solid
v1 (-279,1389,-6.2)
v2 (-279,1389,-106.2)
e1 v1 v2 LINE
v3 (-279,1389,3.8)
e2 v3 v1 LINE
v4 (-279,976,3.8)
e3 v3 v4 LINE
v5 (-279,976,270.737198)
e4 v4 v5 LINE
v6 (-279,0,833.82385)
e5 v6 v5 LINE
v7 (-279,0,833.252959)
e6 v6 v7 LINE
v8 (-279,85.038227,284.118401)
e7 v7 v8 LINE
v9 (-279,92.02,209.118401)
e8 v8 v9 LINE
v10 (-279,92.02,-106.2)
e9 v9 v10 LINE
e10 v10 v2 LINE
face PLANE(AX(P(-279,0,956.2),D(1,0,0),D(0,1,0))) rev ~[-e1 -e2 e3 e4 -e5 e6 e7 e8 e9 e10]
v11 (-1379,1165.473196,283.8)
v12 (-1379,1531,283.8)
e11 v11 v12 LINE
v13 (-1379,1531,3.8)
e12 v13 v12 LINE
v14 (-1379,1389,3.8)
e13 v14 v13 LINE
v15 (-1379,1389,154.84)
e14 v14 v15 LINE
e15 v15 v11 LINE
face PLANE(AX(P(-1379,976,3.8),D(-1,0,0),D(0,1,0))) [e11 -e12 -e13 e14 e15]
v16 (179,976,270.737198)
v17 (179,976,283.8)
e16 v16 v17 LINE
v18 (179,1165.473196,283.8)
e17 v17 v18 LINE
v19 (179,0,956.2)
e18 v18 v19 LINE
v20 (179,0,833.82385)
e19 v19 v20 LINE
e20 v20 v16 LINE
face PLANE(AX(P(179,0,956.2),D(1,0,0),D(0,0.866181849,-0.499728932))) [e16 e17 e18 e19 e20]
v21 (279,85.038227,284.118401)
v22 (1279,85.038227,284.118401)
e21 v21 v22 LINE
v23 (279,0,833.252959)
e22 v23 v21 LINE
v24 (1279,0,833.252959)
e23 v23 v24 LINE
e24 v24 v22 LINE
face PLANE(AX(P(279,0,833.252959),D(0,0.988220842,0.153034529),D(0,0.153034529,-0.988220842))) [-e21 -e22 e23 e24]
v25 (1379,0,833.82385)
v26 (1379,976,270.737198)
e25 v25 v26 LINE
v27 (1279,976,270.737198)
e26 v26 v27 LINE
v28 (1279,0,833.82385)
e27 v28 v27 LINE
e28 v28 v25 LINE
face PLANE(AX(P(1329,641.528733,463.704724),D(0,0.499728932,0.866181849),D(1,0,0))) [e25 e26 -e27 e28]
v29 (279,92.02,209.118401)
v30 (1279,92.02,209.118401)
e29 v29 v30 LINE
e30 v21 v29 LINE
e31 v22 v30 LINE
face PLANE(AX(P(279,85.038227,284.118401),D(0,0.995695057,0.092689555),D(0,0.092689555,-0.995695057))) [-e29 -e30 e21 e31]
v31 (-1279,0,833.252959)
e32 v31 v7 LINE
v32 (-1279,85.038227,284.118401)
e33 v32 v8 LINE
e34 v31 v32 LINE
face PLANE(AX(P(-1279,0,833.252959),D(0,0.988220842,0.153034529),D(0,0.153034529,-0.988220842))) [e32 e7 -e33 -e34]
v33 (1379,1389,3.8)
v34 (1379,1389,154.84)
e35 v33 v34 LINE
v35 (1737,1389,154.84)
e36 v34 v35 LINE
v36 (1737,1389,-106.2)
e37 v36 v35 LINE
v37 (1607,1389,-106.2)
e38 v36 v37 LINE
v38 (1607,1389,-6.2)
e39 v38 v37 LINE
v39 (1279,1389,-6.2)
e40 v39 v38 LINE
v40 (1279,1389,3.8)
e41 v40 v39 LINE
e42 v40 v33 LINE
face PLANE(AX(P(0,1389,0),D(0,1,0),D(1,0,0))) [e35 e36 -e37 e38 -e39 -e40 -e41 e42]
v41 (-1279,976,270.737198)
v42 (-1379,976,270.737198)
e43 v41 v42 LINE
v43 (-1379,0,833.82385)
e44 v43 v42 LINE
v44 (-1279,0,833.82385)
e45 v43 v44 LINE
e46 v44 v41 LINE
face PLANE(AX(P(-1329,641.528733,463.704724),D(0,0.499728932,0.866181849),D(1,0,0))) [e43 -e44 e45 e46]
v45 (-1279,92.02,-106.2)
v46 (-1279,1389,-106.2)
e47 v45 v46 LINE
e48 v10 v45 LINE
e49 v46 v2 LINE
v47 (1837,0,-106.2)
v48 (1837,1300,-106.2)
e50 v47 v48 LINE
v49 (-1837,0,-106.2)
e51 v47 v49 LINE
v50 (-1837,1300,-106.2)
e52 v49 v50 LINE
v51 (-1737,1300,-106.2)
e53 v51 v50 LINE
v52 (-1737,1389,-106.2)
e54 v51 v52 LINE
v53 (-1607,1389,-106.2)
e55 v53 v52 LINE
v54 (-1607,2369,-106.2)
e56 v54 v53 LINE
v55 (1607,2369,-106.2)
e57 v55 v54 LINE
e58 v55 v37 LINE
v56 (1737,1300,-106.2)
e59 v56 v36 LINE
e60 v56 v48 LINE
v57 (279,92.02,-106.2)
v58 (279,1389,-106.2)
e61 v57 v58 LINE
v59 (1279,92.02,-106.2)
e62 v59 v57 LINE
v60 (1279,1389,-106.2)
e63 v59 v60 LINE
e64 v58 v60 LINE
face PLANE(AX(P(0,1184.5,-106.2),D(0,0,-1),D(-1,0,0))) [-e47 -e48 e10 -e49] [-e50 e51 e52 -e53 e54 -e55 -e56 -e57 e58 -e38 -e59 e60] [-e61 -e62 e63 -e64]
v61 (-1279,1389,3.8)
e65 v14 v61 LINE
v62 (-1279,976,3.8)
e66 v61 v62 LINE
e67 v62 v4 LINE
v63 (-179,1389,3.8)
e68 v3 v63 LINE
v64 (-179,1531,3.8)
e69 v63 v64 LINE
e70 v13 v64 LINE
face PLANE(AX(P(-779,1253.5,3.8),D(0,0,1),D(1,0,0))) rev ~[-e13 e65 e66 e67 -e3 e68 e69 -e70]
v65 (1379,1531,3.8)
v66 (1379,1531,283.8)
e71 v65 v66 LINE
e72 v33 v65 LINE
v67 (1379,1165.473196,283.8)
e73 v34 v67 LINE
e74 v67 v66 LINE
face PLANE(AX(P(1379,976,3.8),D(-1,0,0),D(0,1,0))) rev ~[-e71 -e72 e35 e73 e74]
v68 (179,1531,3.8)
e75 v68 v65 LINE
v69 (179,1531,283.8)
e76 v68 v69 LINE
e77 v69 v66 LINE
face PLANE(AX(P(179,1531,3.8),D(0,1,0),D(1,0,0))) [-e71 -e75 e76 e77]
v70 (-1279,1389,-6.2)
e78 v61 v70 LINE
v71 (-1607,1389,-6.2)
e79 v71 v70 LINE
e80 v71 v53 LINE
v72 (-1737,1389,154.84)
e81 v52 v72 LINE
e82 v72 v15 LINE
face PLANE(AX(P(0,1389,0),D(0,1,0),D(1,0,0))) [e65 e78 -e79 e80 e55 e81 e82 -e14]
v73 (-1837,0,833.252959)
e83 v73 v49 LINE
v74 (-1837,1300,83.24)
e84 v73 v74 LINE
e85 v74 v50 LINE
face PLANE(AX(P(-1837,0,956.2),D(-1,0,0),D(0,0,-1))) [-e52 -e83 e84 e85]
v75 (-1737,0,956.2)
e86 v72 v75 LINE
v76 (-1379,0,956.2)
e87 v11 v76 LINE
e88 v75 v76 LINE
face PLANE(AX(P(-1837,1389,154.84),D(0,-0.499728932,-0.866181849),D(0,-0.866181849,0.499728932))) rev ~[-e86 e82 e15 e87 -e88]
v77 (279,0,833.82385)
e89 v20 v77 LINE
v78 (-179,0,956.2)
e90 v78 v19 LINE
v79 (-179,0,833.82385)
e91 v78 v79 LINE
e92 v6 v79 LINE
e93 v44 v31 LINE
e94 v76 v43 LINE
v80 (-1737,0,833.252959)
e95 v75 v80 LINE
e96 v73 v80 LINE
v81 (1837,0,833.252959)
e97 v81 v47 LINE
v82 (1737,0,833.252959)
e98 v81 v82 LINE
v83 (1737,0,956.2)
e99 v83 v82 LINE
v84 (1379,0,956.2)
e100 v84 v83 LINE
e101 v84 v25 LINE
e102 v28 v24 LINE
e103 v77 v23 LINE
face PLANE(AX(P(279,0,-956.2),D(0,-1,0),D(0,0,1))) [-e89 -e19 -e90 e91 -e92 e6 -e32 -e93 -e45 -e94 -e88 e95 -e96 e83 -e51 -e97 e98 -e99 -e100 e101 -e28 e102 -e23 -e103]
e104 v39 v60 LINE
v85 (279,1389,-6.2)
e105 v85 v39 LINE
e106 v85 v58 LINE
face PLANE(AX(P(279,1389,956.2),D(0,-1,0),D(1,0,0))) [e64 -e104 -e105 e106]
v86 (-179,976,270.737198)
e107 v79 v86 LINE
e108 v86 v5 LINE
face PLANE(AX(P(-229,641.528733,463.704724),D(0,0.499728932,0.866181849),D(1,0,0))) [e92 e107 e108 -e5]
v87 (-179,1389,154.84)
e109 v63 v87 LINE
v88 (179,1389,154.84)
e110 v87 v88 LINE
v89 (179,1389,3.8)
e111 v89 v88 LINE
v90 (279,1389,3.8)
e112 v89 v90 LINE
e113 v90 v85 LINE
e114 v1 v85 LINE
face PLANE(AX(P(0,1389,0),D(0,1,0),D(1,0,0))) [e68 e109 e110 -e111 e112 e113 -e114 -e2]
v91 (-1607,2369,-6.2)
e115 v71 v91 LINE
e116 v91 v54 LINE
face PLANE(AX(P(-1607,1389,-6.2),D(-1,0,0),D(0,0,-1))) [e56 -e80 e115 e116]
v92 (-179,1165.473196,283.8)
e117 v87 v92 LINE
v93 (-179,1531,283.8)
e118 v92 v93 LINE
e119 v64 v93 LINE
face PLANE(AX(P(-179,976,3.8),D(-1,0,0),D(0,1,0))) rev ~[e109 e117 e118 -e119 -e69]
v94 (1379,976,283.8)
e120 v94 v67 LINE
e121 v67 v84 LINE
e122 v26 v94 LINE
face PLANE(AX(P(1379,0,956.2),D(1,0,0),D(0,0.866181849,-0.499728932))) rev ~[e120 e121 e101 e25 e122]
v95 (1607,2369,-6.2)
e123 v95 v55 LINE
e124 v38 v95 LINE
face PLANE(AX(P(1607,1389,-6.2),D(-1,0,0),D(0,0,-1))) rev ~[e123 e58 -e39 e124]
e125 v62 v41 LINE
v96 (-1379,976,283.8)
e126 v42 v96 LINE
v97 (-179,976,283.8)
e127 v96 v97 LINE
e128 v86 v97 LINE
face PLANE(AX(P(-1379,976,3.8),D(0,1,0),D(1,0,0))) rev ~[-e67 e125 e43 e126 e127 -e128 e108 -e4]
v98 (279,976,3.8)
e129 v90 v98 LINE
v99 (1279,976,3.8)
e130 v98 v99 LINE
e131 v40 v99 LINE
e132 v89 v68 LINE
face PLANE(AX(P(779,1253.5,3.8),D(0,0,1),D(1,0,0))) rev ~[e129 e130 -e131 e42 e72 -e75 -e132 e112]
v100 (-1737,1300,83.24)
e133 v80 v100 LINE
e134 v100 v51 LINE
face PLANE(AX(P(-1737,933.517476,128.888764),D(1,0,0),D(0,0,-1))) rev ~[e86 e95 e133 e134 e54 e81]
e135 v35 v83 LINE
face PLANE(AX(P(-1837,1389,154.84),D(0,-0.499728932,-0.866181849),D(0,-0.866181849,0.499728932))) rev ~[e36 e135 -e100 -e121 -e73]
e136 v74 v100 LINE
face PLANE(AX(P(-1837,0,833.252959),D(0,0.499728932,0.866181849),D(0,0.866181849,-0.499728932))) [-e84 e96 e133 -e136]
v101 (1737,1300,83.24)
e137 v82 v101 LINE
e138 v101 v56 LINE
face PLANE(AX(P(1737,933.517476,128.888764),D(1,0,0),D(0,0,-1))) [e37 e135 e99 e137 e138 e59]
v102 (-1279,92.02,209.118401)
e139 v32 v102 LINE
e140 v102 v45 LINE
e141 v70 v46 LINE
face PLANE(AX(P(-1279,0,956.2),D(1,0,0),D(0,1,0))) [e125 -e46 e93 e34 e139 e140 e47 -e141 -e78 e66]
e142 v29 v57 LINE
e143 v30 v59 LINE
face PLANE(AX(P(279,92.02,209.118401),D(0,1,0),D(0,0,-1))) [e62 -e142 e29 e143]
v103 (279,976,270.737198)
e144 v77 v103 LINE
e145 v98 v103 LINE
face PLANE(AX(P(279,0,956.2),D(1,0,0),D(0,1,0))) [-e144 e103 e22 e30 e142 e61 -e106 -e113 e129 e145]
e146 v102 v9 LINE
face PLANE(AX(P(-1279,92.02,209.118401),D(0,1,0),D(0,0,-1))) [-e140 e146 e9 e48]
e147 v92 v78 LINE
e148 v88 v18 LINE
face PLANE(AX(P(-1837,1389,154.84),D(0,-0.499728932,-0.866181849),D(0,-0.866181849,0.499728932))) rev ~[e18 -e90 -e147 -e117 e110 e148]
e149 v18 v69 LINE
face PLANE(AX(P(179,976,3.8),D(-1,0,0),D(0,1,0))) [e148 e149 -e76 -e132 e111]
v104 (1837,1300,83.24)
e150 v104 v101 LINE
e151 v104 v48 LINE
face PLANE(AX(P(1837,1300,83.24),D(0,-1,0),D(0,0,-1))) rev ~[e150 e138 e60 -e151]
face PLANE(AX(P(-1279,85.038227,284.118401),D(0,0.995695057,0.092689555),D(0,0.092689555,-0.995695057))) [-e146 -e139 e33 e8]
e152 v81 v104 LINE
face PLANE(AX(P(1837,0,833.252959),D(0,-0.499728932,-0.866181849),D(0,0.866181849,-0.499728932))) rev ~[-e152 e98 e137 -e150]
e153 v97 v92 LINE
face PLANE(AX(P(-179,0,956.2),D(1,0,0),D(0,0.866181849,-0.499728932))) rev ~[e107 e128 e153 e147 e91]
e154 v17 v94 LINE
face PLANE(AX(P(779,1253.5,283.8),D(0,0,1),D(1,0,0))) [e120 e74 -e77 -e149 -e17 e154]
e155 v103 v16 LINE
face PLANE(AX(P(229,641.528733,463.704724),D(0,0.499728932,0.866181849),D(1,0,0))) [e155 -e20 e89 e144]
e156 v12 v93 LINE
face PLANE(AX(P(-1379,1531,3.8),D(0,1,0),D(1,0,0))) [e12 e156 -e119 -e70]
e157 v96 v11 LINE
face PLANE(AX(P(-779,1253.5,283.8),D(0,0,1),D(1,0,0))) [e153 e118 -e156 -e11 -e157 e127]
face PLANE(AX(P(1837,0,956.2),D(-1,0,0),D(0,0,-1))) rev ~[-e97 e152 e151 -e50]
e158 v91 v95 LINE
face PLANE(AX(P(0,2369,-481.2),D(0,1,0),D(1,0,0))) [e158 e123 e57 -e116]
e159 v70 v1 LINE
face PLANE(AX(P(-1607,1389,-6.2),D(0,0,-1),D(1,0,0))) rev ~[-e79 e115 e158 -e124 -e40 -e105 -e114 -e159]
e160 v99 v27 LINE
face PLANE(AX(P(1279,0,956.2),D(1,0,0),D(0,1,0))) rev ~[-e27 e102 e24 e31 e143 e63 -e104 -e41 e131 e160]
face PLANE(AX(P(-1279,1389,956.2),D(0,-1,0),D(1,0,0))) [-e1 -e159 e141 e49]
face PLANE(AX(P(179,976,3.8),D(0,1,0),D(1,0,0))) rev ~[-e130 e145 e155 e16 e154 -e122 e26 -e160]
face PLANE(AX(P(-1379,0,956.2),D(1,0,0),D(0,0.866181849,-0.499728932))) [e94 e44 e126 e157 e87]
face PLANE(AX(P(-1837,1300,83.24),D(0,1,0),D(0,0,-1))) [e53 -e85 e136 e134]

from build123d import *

# Parameters (mm, degrees)
SKETCH_1_W           = 3674
SKETCH_1_H           = 1912.4
EXTRUDE_1_DEPTH      = 1389
CUT_EXTRUDE_1_DEPTH  = 3675
CUT_EXTRUDE_3_DEPTH  = 100
CUT_EXTRUDE_START    = -3674
CUT_EXTRUDE_4_DEPTH  = 100
SKETCH_6_W           = 3214
SKETCH_6_H           = 950
EXTRUDE_2_DEPTH      = 980
SKETCH_7_W           = 100
SKETCH_7_H           = 1603.589364395
CUT_EXTRUDE_5_DEPTH  = 106
SKETCH_8_W           = 1000
SKETCH_8_H           = 1389
CUT_EXTRUDE_6_DEPTH  = 1913.4
SKETCH_9_W           = 100
SKETCH_9_H           = 1603.589364395
CUT_EXTRUDE_7_DEPTH  = 106
SKETCH_11_W          = 100
SKETCH_11_H          = 1603.589364395
CUT_EXTRUDE_8_DEPTH  = 106
SKETCH_14_W          = 1000
SKETCH_14_H          = 1389
CUT_EXTRUDE_9_DEPTH  = 1913.4
SKETCH_16_W          = 100
SKETCH_16_H          = 1603.589364395
CUT_EXTRUDE_10_DEPTH = 106
SKETCH_18_W          = 1200
SKETCH_18_H          = 555
CUT_EXTRUDE_11_DEPTH = 953.4
SKETCH_18_2_W        = 1200
SKETCH_18_2_H        = 555
EXTRUDE_3_DEPTH      = 280
EXTRUDE_4_DEPTH      = 1000
EXTRUDE_START        = 1558
EXTRUDE_5_DEPTH      = 1000
SKETCH_23_W          = 3674
SKETCH_23_H          = 2369
CUT_EXTRUDE_12_DEPTH = 850


with BuildPart() as part:
    # 草图1 → 凸台-拉伸1 (new body)
    with BuildSketch(Plane(origin=(0, 0, 0), x_dir=(1, 0, 0), z_dir=(0, 1, 0))):
        Rectangle(SKETCH_1_W, SKETCH_1_H)
    extrude(amount=EXTRUDE_1_DEPTH)

    # 草图2 → 切除-拉伸1 (cut, through all)
    with BuildSketch(Plane.ZY.offset(1837)):
        Polygon((154.84, 1389), (956.2, 0), (956.2, 1389), align=None)
    extrude(amount=-CUT_EXTRUDE_1_DEPTH, mode=Mode.SUBTRACT)

    # 草图5 → 切除-拉伸3 (cut)
    with BuildSketch(Plane(origin=(1837, 0, 0), x_dir=(0, 0, -1), z_dir=(1, 0, 0))):
        Polygon((-154.84, 1389), (-956.2, 0), (-833.252958963, 0), (-83.24, 1300), (956.2, 1300), (956.2, 1389), align=None)
    extrude(amount=-CUT_EXTRUDE_3_DEPTH, mode=Mode.SUBTRACT)

    # 草图5<2> → 切除-拉伸4 (cut)
    with BuildSketch(Plane(origin=(1837, 0, 0), x_dir=(0, 0, -1), z_dir=(1, 0, 0)).offset(CUT_EXTRUDE_START)):
        Polygon((-154.84, 1389), (-956.2, 0), (-833.252958963, 0), (-83.24, 1300), (956.2, 1300), (956.2, 1389), align=None)
    extrude(amount=CUT_EXTRUDE_4_DEPTH, mode=Mode.SUBTRACT)

    # 草图6 → 凸台-拉伸2 (add)
    with BuildSketch(Plane(origin=(0, 1389, 0), x_dir=(1, 0, 0), z_dir=(0, 1, 0))):
        with Locations((0, 481.2)):
            Rectangle(SKETCH_6_W, SKETCH_6_H)
    extrude(amount=EXTRUDE_2_DEPTH)

    # 草图7 → 切除-拉伸5 (cut)
    with BuildSketch(Plane(origin=(0, 413.897031381, 717.409125222), x_dir=(1, 0, 0), z_dir=(0, 0.499728932, 0.866181849))):
        with Locations((-1329, 323.953877679)):
            Rectangle(SKETCH_7_W, SKETCH_7_H)
    extrude(amount=-CUT_EXTRUDE_5_DEPTH, mode=Mode.SUBTRACT)

    # 草图8 → 切除-拉伸6 (cut, through all)
    with BuildSketch(Plane.XY.offset(956.2)):
        with Locations((-779, 694.5)):
            Rectangle(SKETCH_8_W, SKETCH_8_H)
    extrude(amount=-CUT_EXTRUDE_6_DEPTH, mode=Mode.SUBTRACT)

    # 草图9 → 切除-拉伸7 (cut)
    with BuildSketch(Plane(origin=(0, 413.897031381, 717.409125222), x_dir=(1, 0, 0), z_dir=(0, 0.499728932, 0.866181849))):
        with Locations((-229, 323.953877679)):
            Rectangle(SKETCH_9_W, SKETCH_9_H)
    extrude(amount=-CUT_EXTRUDE_7_DEPTH, mode=Mode.SUBTRACT)

    # 草图11 → 切除-拉伸8 (cut)
    with BuildSketch(Plane(origin=(0, 413.897031381, 717.409125222), x_dir=(1, 0, 0), z_dir=(0, 0.499728932, 0.866181849))):
        with Locations((229, 323.953877679)):
            Rectangle(SKETCH_11_W, SKETCH_11_H)
    extrude(amount=-CUT_EXTRUDE_8_DEPTH, mode=Mode.SUBTRACT)

    # 草图14 → 切除-拉伸9 (cut, through all)
    with BuildSketch(Plane.XY.offset(956.2)):
        with Locations((779, 694.5)):
            Rectangle(SKETCH_14_W, SKETCH_14_H)
    extrude(amount=-CUT_EXTRUDE_9_DEPTH, mode=Mode.SUBTRACT)

    # 草图16 → 切除-拉伸10 (cut)
    with BuildSketch(Plane(origin=(0, 413.897031381, 717.409125222), x_dir=(1, 0, 0), z_dir=(0, 0.499728932, 0.866181849))):
        with Locations((1329, 323.953877679)):
            Rectangle(SKETCH_16_W, SKETCH_16_H)
    extrude(amount=-CUT_EXTRUDE_10_DEPTH, mode=Mode.SUBTRACT)

    # 草图18 → 切除-拉伸11 (cut, through all)
    with BuildSketch(Plane.XY.offset(3.8)):
        with Locations((-779, 1253.5)):
            Rectangle(SKETCH_18_W, SKETCH_18_H)
        with Locations((779, 1253.5)):
            Rectangle(SKETCH_18_W, SKETCH_18_H)
    extrude(amount=CUT_EXTRUDE_11_DEPTH, mode=Mode.SUBTRACT)

    # 草图18<2> → 凸台-拉伸3 (add)
    with BuildSketch(Plane.XY.offset(3.8)):
        with Locations((-779, 1253.5)):
            Rectangle(SKETCH_18_2_W, SKETCH_18_2_H)
        with Locations((779, 1253.5)):
            Rectangle(SKETCH_18_2_W, SKETCH_18_2_H)
    extrude(amount=EXTRUDE_3_DEPTH)

    # 草图21 → 凸台-拉伸4 (add)
    with BuildSketch(Plane(origin=(-1279, 0, 0), x_dir=(0, 0, -1), z_dir=(1, 0, 0))):
        Polygon((-833.252958963, 0), (-284.1184014, 85.038227225), (-209.1184014, 92.02), (956.2, 92.02), (956.2, 0), align=None)
    extrude(amount=EXTRUDE_4_DEPTH)

    # 草图21<2> → 凸台-拉伸5 (add)
    with BuildSketch(Plane(origin=(-1279, 0, 0), x_dir=(0, 0, -1), z_dir=(1, 0, 0)).offset(EXTRUDE_START)):
        Polygon((-833.252958963, 0), (-284.1184014, 85.038227225), (-209.1184014, 92.02), (956.2, 92.02), (956.2, 0), align=None)
    extrude(amount=EXTRUDE_5_DEPTH)

    # 草图23 → 切除-拉伸12 (cut)
    with BuildSketch(Plane(origin=(0, 0, -956.2), x_dir=(-1, 0, 0), z_dir=(0, 0, -1))):
        with Locations((0, 1184.5)):
            Rectangle(SKETCH_23_W, SKETCH_23_H)
    extrude(amount=-CUT_EXTRUDE_12_DEPTH, mode=Mode.SUBTRACT)


solid = part.part
